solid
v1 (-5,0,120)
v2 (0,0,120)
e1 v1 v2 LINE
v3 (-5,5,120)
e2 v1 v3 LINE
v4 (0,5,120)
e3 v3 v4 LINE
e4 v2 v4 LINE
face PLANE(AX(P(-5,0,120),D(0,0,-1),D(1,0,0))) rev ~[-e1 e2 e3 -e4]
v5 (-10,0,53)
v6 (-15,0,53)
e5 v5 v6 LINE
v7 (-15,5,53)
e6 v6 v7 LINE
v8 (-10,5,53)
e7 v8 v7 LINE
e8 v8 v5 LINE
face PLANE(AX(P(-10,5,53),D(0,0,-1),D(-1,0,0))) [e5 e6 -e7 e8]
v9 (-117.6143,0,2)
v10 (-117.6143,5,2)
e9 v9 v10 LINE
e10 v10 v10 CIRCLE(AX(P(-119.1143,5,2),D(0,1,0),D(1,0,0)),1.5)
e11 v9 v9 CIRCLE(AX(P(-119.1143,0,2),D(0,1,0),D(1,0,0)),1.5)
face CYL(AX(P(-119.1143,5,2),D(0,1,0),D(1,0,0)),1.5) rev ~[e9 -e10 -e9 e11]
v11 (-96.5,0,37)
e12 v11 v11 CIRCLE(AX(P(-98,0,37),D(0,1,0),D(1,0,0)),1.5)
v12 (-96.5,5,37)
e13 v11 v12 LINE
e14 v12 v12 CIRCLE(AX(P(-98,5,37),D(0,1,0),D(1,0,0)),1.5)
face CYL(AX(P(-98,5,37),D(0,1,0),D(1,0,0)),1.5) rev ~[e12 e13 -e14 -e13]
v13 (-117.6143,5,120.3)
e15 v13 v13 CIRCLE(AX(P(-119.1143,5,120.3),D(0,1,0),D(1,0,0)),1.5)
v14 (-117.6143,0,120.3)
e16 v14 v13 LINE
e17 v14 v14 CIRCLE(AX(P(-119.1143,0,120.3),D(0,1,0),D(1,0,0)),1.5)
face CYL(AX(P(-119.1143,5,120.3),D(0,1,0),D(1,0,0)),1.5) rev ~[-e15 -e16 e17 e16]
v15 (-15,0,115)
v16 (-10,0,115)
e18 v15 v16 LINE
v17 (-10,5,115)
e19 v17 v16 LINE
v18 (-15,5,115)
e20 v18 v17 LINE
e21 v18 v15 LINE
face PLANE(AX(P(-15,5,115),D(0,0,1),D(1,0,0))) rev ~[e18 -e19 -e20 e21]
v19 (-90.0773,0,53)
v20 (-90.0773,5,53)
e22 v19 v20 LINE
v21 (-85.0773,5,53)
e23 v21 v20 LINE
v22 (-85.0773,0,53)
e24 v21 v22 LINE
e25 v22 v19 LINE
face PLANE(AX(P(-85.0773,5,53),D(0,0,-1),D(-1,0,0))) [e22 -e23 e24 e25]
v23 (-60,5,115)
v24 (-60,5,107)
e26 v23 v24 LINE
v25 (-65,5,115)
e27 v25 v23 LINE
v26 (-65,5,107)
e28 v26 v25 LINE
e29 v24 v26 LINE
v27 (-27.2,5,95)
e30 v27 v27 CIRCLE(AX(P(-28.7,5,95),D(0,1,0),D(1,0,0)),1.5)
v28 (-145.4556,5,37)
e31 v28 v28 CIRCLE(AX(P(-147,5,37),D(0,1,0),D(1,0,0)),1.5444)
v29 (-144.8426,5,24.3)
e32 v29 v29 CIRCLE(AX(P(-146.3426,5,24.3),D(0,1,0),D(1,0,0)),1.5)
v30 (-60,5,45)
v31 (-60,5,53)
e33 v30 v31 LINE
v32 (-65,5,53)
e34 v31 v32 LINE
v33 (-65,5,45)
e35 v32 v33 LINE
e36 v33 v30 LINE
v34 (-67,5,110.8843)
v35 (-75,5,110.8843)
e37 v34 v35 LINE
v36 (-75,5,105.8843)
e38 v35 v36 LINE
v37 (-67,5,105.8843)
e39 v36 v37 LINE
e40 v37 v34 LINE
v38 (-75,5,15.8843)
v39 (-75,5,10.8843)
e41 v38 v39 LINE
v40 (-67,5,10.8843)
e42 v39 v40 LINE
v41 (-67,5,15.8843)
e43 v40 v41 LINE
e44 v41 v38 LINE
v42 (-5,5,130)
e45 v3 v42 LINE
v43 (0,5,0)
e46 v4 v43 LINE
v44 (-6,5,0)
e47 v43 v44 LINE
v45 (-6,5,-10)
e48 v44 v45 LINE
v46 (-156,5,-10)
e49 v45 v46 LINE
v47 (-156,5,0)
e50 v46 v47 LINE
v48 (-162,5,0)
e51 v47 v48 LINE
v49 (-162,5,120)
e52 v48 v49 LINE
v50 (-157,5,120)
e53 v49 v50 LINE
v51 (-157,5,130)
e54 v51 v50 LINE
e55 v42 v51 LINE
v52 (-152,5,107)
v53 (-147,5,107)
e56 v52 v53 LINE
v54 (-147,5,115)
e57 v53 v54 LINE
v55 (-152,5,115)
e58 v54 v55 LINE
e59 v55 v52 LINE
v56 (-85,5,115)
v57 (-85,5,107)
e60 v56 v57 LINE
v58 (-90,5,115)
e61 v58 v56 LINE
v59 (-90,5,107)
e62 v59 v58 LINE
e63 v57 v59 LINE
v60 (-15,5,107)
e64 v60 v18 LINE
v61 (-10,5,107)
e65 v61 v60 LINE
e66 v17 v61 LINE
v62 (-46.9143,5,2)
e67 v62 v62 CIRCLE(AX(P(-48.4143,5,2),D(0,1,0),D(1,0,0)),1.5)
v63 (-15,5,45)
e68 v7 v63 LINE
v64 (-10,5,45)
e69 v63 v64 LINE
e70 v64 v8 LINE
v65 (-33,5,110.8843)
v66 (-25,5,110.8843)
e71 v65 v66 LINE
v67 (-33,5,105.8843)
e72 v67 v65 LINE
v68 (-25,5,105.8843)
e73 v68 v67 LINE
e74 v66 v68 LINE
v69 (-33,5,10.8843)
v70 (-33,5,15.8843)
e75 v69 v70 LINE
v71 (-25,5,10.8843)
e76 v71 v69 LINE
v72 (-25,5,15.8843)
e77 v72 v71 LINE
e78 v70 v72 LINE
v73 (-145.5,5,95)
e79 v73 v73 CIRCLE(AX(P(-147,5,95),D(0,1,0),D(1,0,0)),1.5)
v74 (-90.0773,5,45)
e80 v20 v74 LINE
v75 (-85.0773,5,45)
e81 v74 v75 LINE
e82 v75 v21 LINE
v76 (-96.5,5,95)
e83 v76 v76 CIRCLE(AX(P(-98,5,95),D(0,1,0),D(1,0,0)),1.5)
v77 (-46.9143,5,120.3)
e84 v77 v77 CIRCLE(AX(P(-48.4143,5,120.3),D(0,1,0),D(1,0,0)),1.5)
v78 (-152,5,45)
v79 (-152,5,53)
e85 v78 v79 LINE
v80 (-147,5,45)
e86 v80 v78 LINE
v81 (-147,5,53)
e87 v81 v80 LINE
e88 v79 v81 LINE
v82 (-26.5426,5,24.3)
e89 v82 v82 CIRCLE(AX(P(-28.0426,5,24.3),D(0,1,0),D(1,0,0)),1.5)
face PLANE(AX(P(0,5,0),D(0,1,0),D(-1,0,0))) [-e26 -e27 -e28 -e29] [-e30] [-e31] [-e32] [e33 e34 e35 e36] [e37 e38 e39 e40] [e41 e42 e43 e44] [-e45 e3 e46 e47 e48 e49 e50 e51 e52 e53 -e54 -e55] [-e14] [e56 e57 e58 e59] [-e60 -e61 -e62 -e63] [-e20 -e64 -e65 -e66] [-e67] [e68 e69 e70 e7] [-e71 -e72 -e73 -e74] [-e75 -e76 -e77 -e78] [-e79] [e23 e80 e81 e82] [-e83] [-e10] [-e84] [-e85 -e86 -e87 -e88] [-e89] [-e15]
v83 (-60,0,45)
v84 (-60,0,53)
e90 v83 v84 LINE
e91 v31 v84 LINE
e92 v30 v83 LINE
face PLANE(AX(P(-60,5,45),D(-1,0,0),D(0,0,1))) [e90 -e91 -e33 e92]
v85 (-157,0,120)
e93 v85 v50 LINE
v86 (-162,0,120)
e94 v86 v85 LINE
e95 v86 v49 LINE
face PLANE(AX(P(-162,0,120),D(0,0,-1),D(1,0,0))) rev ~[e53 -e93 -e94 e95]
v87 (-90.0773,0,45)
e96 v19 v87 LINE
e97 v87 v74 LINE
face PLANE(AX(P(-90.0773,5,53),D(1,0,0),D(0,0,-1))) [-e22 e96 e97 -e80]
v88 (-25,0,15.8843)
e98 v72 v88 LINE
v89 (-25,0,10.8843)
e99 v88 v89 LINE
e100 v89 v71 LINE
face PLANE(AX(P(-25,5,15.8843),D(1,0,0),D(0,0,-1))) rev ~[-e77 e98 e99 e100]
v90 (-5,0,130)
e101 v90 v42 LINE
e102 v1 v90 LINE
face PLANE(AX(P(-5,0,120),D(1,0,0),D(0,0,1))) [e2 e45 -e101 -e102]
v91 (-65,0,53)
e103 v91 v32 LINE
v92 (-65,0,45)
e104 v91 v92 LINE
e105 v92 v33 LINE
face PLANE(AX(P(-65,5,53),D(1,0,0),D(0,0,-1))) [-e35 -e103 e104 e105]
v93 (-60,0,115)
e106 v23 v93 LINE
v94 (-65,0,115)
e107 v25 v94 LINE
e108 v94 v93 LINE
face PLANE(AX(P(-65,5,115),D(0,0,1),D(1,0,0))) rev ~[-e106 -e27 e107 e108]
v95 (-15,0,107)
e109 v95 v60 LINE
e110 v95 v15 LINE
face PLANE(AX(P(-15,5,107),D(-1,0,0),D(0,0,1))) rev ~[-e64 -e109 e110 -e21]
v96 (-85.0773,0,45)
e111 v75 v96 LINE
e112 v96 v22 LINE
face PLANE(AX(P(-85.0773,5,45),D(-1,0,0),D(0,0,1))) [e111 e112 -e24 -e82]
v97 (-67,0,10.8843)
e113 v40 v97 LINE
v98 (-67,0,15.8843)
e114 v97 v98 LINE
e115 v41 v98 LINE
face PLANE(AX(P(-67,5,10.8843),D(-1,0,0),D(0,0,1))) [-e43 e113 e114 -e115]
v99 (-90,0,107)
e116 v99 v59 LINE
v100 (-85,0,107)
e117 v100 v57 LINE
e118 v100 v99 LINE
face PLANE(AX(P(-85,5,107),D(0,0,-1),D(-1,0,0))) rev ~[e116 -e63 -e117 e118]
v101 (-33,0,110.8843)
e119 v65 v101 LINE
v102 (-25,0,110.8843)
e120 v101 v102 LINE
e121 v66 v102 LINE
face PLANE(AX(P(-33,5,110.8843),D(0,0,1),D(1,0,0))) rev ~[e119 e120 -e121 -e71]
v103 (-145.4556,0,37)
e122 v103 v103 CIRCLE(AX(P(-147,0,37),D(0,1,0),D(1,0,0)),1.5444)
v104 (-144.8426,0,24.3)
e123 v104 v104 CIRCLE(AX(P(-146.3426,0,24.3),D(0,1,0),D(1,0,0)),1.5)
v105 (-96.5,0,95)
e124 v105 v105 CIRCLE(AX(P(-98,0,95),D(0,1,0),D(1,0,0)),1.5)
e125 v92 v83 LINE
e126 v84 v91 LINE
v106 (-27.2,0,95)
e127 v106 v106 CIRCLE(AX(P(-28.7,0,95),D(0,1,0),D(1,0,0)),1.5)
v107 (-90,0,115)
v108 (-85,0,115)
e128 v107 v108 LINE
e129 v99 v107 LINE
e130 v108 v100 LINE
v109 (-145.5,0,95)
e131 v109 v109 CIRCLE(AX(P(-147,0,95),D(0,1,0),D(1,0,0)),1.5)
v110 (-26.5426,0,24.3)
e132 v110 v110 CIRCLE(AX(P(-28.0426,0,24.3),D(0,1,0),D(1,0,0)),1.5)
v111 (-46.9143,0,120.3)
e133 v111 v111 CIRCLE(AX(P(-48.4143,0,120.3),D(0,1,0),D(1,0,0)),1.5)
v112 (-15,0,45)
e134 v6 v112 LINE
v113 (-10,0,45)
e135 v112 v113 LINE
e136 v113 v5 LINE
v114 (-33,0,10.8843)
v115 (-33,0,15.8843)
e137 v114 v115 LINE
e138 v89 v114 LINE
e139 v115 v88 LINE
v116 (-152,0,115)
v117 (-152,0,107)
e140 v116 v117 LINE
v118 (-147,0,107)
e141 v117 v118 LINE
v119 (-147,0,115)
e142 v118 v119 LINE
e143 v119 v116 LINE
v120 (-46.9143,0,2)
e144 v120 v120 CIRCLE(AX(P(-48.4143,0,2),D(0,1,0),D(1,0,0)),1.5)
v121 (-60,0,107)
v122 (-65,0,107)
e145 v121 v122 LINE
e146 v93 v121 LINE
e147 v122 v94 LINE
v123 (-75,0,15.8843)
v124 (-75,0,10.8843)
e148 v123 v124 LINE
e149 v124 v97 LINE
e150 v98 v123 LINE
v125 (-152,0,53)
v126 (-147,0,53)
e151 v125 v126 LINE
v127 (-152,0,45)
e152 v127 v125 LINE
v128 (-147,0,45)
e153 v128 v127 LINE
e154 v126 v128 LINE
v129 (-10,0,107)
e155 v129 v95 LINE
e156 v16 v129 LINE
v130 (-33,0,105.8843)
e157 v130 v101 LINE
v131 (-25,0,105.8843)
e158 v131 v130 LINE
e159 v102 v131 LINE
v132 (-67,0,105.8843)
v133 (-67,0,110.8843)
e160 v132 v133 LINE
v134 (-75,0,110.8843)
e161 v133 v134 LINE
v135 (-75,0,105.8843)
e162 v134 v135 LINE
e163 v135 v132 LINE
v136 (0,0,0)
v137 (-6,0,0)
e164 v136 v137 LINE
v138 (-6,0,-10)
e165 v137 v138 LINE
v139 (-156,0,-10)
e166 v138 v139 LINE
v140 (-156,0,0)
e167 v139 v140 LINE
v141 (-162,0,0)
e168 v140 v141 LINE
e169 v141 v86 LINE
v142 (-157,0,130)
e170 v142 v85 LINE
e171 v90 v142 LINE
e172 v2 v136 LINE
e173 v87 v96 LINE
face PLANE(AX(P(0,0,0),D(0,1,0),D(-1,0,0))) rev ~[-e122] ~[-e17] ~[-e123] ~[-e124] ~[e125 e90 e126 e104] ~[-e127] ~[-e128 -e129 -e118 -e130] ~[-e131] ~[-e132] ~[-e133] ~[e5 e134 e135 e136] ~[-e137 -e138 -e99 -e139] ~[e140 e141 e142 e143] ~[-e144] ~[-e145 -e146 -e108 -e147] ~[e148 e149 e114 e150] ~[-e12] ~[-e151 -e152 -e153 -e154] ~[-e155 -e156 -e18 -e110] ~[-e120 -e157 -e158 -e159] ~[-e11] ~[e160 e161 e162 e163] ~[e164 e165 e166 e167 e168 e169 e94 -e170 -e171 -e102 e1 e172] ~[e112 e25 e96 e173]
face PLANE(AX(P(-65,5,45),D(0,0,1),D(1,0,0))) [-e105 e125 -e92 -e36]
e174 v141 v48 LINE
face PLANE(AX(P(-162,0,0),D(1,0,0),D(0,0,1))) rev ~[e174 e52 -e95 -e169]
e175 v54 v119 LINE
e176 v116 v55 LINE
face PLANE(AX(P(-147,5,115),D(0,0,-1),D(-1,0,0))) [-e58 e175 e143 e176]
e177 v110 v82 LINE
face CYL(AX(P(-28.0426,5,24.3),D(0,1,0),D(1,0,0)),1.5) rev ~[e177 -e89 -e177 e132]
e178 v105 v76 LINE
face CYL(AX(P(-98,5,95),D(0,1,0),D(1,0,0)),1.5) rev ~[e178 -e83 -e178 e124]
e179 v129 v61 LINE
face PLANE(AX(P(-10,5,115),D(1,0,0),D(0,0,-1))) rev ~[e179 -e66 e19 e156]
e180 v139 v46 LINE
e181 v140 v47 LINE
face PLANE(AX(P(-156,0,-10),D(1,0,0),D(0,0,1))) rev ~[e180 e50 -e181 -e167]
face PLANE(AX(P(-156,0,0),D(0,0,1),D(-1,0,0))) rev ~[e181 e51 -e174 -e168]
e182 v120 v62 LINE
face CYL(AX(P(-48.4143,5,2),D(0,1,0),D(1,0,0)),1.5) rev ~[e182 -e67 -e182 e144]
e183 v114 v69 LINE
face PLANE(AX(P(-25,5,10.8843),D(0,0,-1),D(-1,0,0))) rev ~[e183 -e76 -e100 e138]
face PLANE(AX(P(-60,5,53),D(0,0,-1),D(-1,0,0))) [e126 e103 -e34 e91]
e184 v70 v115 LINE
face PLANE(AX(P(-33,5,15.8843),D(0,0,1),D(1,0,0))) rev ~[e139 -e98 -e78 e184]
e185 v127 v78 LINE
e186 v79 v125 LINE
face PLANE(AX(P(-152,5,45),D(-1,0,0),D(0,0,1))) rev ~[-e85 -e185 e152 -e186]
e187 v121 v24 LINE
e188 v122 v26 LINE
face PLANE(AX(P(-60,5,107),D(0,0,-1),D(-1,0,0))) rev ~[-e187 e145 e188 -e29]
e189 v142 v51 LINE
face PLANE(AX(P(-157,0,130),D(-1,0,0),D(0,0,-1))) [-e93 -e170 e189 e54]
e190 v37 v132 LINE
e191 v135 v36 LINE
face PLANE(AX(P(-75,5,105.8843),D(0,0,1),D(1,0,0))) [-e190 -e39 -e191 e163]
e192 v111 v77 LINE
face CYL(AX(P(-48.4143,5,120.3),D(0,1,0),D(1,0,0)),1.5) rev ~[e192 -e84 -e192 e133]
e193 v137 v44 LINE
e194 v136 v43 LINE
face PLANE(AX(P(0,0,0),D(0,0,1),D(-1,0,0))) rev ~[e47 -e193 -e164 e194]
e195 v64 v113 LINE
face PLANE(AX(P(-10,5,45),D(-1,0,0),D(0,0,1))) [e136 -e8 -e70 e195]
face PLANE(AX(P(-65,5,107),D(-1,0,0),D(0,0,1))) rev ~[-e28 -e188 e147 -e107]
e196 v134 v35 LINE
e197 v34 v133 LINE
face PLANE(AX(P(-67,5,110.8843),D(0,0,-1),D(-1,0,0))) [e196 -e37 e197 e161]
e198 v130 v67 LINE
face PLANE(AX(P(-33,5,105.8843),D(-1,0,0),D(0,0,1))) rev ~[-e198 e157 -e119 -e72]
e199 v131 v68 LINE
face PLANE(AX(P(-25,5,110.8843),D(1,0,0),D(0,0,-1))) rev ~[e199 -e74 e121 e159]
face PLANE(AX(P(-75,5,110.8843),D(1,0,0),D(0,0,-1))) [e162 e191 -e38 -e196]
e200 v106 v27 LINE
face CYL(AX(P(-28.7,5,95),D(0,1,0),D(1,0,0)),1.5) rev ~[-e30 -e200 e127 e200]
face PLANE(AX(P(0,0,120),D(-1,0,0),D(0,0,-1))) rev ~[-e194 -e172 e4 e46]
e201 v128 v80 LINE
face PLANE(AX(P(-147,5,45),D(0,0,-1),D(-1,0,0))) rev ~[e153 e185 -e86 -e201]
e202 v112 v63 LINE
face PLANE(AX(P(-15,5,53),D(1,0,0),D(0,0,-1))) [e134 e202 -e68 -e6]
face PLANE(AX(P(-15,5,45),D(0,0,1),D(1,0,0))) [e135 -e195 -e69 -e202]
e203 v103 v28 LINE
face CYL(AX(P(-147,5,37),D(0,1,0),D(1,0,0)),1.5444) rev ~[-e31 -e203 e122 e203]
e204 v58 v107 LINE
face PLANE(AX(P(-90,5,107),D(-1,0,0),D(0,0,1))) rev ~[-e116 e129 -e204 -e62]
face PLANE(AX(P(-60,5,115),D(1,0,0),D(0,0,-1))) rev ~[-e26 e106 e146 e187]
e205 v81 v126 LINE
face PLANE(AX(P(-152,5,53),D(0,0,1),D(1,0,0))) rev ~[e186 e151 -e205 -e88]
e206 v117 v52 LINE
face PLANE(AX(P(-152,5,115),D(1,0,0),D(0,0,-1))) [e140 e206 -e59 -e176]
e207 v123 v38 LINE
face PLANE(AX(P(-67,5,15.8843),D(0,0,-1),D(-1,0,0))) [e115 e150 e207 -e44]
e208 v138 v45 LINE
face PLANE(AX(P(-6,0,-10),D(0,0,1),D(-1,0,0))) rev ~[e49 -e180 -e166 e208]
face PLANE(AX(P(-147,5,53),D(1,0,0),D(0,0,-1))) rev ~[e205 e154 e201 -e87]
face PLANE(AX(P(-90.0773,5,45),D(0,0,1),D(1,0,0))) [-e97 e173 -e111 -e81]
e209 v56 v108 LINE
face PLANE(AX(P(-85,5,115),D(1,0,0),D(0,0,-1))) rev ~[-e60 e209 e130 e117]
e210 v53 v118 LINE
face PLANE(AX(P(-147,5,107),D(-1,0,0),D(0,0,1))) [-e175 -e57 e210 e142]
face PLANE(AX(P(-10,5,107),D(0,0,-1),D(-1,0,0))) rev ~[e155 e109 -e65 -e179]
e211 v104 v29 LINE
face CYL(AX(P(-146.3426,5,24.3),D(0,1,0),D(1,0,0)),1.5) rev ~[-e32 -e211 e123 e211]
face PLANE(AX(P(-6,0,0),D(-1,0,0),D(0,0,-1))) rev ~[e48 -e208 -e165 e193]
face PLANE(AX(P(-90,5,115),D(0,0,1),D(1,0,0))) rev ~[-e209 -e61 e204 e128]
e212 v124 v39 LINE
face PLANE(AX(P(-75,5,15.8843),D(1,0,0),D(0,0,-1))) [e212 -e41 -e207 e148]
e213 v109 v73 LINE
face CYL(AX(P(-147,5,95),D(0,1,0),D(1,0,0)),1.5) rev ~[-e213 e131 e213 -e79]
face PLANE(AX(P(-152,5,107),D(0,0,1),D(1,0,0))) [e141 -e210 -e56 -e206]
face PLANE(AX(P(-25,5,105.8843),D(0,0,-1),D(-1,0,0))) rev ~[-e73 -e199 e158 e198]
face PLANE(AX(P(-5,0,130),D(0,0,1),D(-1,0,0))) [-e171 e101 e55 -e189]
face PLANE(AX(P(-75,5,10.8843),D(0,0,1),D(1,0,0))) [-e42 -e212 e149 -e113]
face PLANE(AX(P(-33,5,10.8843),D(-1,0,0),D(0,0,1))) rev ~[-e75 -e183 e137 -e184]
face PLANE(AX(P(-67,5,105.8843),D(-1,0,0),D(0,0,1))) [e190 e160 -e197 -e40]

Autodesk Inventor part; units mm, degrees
ref_plane "YZ Plane" through (0, 0, 0) normal (1, 0, 0) x (0, 1, 0)
ref_plane "XZ Plane" through (0, 0, 0) normal (0, 1, 0) x (-1, 0, 0)
ref_plane "XY Plane" through (0, 0, 0) normal (0, 0, 1) x (1, 0, 0)
sketch "Sketch1" plane through (0, 0, 0) normal (0, 1, 0) x (-1, 0, 0)
  line L0 (0, 0) -> (162, 0)
  line L1 (162, 0) -> (162, 120)
  line L2 (162, 120) -> (0, 120)
  line L3 (0, 120) -> (0, 0)
  line L4 (157, 120) -> (5, 120)
  line L5 (5, 120) -> (5, 130)
  line L6 (5, 130) -> (157, 130)
  line L7 (157, 130) -> (157, 120)
  line L8 (156, 0) -> (6, 0)
  line L9 (6, 0) -> (6, -10)
  line L10 (6, -10) -> (156, -10)
  line L11 (156, -10) -> (156, 0)
  dimension "d0" = 120
  dimension "d1" = 162
  dimension "d2" = 5
  dimension "d3" = 5
  dimension "d4" = 10
  dimension "d5" = 10
  dimension "d6" = 150
extrude "Extrusion1" add sketch "Sketch1" along normal blind 5
sketch "Sketch2" plane through (0, 5, 0) normal (0, 1, 0) x (1, 0, 0)
  circle A0 centre (-147, -37) radius 1.5444
  circle A1 centre (-98, -37) radius 1.5
  circle A2 centre (-98, -95) radius 1.5
  circle A3 centre (-147, -95) radius 1.5
  circle A4 centre (-28.0426, -24.3) radius 1.5
  circle A5 centre (-146.3426, -24.3) radius 1.5
  circle A6 centre (-28.7, -95) radius 1.5
  line L0 (-75, -105.8843) -> (-67, -105.8843)
  line L1 (-67, -105.8843) -> (-67, -110.8843)
  line L2 (-67, -110.8843) -> (-75, -110.8843)
  line L3 (-75, -110.8843) -> (-75, -105.8843)
  line L4 (-75, -10.8843) -> (-67, -10.8843)
  line L5 (-67, -10.8843) -> (-67, -15.8843)
  line L6 (-67, -15.8843) -> (-75, -15.8843)
  line L7 (-75, -15.8843) -> (-75, -10.8843)
  line L8 (-25, -10.8843) -> (-33, -10.8843)
  line L9 (-33, -10.8843) -> (-33, -15.8843)
  line L10 (-33, -15.8843) -> (-25, -15.8843)
  line L11 (-25, -15.8843) -> (-25, -10.8843)
  line L12 (-25, -105.8843) -> (-33, -105.8843)
  line L13 (-33, -105.8843) -> (-33, -110.8843)
  line L14 (-33, -110.8843) -> (-25, -110.8843)
  line L15 (-25, -110.8843) -> (-25, -105.8843)
  line L16 (-15, -45) -> (-10, -45)
  line L17 (-10, -45) -> (-10, -53)
  line L18 (-10, -53) -> (-15, -53)
  line L19 (-15, -53) -> (-15, -45)
  line L20 (-65, -45) -> (-60, -45)
  line L21 (-60, -45) -> (-60, -53)
  line L22 (-60, -53) -> (-65, -53)
  line L23 (-65, -53) -> (-65, -45)
  line L24 (-60, -107) -> (-65, -107)
  line L25 (-65, -107) -> (-65, -115)
  line L26 (-65, -115) -> (-60, -115)
  line L27 (-60, -115) -> (-60, -107)
  line L28 (-10, -107) -> (-15, -107)
  line L29 (-15, -107) -> (-15, -115)
  line L30 (-15, -115) -> (-10, -115)
  line L31 (-10, -115) -> (-10, -107)
  line L32 (-162, 0) -> (-162, -120) projected
  line L33 (-157, -130) -> (-5, -130) projected
  line L34 (0, -120) -> (0, 0) projected
  line L35 (-152, -107) -> (-147, -107)
  line L36 (-147, -107) -> (-147, -115)
  line L37 (-147, -115) -> (-152, -115)
  line L38 (-152, -115) -> (-152, -107)
  line L39 (-147, -45) -> (-152, -45)
  line L40 (-152, -45) -> (-152, -53)
  line L41 (-152, -53) -> (-147, -53)
  line L42 (-147, -53) -> (-147, -45)
  line L43 (-90.0773, -45) -> (-85.0773, -45)
  line L44 (-85.0773, -45) -> (-85.0773, -53)
  line L45 (-85.0773, -53) -> (-90.0773, -53)
  line L46 (-90.0773, -53) -> (-90.0773, -45)
  line L47 (-85, -107) -> (-90, -107)
  line L48 (-90, -107) -> (-90, -115)
  line L49 (-90, -115) -> (-85, -115)
  line L50 (-85, -115) -> (-85, -107)
  dimension "d9" = 3
  dimension "d10" = 15
  dimension "d11" = 58
  dimension "d12" = 49
  dimension "d13" = 49
  dimension "d14" = 58
  dimension "d15" = 3
  dimension "d16" = 3
  dimension "d17" = 3.0888
  dimension "d18" = 35
  dimension "d19" = 70.7
  dimension "d20" = 118.3
  dimension "d21" = 70.7
  dimension "d22" = 118.3
  dimension "d23" = 3
  dimension "d24" = 3
  dimension "d25" = 3
  dimension "d26" = 5
  dimension "d27" = 8
  dimension "d28" = 8
  dimension "d29" = 5
  dimension "d30" = 8
  dimension "d31" = 5
  dimension "d32" = 5
  dimension "d33" = 8
  dimension "d34" = 8
  dimension "d35" = 5
  dimension "d36" = 5
  dimension "d37" = 8
  dimension "d38" = 8
  dimension "d39" = 5
  dimension "d40" = 5
  dimension "d41" = 8
  dimension "d42" = 50
  dimension "d43" = 25
  dimension "d44" = 50
  dimension "d45" = 25
  dimension "d46" = 90
  dimension "d47" = 90
  dimension "d48" = 55
  dimension "d49" = 55
  dimension "d50" = 70
  dimension "d51" = 70
  dimension "d52" = 10
  dimension "d55" = 35
  dimension "d56" = 15
  dimension "d57" = 15
  dimension "d58" = 8
  dimension "d59" = 10
  dimension "d60" = 5
  dimension "d61" = 5
  dimension "d62" = 8
  dimension "d63" = 10
  dimension "d64" = 70
  dimension "d65" = 5
  dimension "d66" = 5
  dimension "d67" = 8
  dimension "d68" = 8
  dimension "d69" = 70
  dimension "d70" = 0
  dimension "d71" = 0
extrude "Extrusion2" cut sketch "Sketch2" against normal mid plane 40
sketch "Sketch4" plane through (0, 5, 0) normal (0, 1, 0) x (1, 0, 0)
  circle A0 centre (-48.4143, -2) radius 1.5
  circle A1 centre (-119.1143, -2) radius 1.5
  circle A2 centre (-119.1143, -120.3) radius 1.5
  circle A3 centre (-48.4143, -120.3) radius 1.5
  circle A4 centre (-146.3426, -24.3) radius 1.5 projected
  circle A5 centre (-28.0426, -24.3) radius 1.5 projected
  circle A6 centre (-28.7, -95) radius 1.5 projected
  line L0 (-6, 10) -> (-156, 10) projected
  point P0 (0, 0)
  dimension "d72" = 118.3
  dimension "d73" = 70.7
  dimension "d74" = 118.3
  dimension "d75" = 70.7
  dimension "d76" = 70.7
  dimension "d77" = 118.3
  dimension "d78" = 3
  dimension "d79" = 3
  dimension "d80" = 3
  dimension "d81" = 3
  dimension "d82" = 3
  dimension "d83" = 12
  dimension "d84" = 12
extrude "Extrusion3" cut sketch "Sketch4" against normal mid plane 30 contours A0 | A1 | A2 | A3
equation "\"d2\" = d3"
equation "\"d3\" = WoodWidth"
equation "\"d7\" = WoodWidth"
equation "\"d14\" = d11"
equation "\"d16\" = d15"
equation "\"d21\" = d19"
equation "\"d22\" = d20"
equation "\"d23\" = d9"
equation "\"d24\" = d9"
equation "\"d25\" = d9"
equation "\"d45\" = d43"
equation "\"d55\" = d18"
equation "\"d57\" = d56"
equation "\"d74\" = d72"
equation "\"d75\" = d73"
equation "\"d76\" = d75"
equation "\"d77\" = d74"
equation "\"d78\" = d79"
equation "\"d80\" = d78"
equation "\"d81\" = d78"
equation "\"d82\" = d78"
equation "\"d84\" = d83"
equation "\"WoodWidth\" = 5"
equation "\"LaserWith\" = 0.3"
properties part number "BoardCarrier"
